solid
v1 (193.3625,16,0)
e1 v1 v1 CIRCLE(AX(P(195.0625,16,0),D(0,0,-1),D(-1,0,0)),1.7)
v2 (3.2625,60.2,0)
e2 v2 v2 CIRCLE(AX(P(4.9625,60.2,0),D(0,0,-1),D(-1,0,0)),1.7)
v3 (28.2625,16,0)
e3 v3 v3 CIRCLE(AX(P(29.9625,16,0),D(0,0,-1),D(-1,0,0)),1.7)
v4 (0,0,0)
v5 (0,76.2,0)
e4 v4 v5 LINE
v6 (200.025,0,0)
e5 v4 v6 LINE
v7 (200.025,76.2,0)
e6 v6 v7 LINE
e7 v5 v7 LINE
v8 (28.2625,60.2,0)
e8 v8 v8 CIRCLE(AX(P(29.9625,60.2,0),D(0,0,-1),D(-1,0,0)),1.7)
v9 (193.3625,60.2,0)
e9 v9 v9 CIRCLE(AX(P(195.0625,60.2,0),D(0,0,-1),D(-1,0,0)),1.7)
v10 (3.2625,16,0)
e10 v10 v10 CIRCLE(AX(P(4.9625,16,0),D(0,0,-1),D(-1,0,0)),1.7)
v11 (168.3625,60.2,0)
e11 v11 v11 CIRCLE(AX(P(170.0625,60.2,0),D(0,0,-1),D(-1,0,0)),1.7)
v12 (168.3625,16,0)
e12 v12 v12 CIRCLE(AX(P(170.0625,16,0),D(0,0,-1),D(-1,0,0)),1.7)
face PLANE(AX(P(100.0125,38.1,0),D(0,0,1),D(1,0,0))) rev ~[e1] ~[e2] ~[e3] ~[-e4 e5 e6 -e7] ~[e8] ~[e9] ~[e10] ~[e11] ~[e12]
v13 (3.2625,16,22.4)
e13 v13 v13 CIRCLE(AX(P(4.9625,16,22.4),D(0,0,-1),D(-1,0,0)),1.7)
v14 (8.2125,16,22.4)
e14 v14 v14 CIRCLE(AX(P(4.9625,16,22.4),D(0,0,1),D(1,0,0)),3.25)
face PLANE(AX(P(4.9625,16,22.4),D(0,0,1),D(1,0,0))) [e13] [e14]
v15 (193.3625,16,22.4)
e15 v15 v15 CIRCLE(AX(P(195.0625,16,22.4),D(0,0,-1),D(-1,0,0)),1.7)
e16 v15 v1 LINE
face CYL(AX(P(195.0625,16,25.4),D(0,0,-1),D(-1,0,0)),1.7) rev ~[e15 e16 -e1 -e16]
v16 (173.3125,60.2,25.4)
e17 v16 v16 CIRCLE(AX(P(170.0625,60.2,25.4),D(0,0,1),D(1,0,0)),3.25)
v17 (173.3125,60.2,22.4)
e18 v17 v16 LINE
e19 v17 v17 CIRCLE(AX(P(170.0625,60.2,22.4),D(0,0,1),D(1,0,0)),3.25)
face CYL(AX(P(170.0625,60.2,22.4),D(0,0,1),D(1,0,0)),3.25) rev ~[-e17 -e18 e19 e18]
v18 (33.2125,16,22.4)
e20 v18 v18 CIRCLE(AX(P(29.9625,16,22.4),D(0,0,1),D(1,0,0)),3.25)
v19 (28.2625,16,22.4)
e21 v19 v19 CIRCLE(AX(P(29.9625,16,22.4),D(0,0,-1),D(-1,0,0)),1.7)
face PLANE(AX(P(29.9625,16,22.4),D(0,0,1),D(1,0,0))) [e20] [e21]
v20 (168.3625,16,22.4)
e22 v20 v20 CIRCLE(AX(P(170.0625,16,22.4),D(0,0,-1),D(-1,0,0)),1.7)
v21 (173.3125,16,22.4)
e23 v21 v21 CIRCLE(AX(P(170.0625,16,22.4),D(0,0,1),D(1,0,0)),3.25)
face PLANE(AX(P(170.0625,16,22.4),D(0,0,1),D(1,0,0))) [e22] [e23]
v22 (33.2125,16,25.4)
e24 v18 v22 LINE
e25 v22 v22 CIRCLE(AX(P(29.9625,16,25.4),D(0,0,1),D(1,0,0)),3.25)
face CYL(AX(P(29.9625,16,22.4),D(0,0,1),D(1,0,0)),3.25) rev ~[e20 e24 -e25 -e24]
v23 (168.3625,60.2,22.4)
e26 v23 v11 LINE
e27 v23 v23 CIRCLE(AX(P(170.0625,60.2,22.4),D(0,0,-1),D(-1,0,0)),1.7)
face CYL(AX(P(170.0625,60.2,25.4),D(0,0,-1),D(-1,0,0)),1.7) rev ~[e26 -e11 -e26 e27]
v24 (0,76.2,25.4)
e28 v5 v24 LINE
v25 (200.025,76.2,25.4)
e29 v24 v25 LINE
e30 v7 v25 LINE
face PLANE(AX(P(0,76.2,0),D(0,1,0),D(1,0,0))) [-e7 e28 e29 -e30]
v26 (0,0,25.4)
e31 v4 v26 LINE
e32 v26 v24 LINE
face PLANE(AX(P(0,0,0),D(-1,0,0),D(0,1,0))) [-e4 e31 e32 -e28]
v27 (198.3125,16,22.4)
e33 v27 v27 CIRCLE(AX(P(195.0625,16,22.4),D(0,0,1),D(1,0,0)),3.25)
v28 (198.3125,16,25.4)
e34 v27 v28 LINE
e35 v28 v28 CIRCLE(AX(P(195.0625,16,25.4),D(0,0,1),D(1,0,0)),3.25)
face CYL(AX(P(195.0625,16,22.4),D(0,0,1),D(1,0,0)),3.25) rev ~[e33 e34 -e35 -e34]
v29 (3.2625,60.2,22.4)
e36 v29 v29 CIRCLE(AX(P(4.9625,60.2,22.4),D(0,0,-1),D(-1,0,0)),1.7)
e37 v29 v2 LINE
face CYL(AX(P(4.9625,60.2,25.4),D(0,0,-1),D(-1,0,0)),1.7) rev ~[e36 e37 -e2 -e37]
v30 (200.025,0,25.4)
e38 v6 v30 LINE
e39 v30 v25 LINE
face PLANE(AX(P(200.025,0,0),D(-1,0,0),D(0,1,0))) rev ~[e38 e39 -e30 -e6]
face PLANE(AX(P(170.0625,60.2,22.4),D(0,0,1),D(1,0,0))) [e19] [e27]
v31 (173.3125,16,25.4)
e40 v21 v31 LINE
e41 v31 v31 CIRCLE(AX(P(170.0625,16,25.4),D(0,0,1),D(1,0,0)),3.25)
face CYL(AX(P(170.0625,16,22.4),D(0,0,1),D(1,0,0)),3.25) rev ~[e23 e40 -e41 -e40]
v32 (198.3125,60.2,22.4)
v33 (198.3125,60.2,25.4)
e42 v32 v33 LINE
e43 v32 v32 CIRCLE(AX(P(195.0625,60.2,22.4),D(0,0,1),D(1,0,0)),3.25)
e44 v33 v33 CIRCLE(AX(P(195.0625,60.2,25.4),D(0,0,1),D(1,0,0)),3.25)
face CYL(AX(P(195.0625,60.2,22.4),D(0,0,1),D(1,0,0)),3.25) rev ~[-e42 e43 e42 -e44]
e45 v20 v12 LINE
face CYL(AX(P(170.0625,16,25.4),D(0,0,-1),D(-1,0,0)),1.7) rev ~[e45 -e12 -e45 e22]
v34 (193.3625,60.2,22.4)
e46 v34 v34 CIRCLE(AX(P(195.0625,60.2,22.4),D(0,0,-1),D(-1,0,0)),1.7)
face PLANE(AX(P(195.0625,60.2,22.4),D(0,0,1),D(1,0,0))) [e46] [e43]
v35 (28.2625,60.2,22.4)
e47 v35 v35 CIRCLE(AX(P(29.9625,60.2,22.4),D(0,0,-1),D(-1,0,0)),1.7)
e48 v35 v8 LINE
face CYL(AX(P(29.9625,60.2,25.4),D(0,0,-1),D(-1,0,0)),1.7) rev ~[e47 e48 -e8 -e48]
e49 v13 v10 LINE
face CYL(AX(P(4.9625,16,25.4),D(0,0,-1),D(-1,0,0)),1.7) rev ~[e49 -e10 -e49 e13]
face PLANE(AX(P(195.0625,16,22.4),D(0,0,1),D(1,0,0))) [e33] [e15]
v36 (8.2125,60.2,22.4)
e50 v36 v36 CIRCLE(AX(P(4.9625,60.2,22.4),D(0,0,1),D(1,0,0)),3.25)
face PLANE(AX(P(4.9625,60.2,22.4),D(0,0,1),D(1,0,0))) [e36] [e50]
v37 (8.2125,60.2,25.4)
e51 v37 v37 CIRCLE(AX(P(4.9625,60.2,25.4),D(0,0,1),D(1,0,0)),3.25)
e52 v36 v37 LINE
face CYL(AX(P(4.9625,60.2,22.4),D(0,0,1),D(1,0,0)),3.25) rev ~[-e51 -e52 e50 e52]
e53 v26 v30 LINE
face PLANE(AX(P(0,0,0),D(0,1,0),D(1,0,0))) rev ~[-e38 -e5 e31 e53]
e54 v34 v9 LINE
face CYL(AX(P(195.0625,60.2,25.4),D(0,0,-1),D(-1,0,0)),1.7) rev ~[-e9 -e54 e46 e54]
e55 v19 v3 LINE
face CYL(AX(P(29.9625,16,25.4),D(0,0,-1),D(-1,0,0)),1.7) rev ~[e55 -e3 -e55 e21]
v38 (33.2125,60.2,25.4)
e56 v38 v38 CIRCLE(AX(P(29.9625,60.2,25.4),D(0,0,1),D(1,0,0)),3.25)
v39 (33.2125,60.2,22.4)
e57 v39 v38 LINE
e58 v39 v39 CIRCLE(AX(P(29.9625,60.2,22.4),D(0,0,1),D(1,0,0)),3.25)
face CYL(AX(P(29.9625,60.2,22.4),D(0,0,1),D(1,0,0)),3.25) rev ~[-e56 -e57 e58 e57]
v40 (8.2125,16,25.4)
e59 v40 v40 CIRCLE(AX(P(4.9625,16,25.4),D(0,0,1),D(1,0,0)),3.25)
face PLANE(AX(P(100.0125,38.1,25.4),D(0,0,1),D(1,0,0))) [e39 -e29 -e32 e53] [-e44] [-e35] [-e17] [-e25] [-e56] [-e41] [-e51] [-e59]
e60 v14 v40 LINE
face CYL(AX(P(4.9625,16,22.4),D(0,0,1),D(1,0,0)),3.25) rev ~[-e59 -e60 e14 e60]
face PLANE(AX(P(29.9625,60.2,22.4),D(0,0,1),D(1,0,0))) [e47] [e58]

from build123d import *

# Parameters (mm, degrees)
F0_W           = 200.025
F0_H           = 76.2
F1_DEPTH       = 25.4
F3_D           = 3.4
F3_CBORE_D     = 6.5
F3_CBORE_DEPTH = 3


with BuildPart() as f1:
    # F0 (on Top) → F1 (new body)
    with BuildSketch(Plane.XY):
        with Locations((100.0125, 38.1)):
            Rectangle(F0_W, F0_H)
    extrude(amount=F1_DEPTH)

    # F3 (through all)
    with Locations(Plane.XY.offset(25.4)):
        with Locations((4.9625, 60.2), (29.9625, 60.2), (4.9625, 16), (29.9625, 16), (170.0625, 60.2), (195.0625, 60.2), (170.0625, 16), (195.0625, 16)):
            CounterBoreHole(F3_D / 2, F3_CBORE_D / 2, F3_CBORE_DEPTH)


solid = f1.part
